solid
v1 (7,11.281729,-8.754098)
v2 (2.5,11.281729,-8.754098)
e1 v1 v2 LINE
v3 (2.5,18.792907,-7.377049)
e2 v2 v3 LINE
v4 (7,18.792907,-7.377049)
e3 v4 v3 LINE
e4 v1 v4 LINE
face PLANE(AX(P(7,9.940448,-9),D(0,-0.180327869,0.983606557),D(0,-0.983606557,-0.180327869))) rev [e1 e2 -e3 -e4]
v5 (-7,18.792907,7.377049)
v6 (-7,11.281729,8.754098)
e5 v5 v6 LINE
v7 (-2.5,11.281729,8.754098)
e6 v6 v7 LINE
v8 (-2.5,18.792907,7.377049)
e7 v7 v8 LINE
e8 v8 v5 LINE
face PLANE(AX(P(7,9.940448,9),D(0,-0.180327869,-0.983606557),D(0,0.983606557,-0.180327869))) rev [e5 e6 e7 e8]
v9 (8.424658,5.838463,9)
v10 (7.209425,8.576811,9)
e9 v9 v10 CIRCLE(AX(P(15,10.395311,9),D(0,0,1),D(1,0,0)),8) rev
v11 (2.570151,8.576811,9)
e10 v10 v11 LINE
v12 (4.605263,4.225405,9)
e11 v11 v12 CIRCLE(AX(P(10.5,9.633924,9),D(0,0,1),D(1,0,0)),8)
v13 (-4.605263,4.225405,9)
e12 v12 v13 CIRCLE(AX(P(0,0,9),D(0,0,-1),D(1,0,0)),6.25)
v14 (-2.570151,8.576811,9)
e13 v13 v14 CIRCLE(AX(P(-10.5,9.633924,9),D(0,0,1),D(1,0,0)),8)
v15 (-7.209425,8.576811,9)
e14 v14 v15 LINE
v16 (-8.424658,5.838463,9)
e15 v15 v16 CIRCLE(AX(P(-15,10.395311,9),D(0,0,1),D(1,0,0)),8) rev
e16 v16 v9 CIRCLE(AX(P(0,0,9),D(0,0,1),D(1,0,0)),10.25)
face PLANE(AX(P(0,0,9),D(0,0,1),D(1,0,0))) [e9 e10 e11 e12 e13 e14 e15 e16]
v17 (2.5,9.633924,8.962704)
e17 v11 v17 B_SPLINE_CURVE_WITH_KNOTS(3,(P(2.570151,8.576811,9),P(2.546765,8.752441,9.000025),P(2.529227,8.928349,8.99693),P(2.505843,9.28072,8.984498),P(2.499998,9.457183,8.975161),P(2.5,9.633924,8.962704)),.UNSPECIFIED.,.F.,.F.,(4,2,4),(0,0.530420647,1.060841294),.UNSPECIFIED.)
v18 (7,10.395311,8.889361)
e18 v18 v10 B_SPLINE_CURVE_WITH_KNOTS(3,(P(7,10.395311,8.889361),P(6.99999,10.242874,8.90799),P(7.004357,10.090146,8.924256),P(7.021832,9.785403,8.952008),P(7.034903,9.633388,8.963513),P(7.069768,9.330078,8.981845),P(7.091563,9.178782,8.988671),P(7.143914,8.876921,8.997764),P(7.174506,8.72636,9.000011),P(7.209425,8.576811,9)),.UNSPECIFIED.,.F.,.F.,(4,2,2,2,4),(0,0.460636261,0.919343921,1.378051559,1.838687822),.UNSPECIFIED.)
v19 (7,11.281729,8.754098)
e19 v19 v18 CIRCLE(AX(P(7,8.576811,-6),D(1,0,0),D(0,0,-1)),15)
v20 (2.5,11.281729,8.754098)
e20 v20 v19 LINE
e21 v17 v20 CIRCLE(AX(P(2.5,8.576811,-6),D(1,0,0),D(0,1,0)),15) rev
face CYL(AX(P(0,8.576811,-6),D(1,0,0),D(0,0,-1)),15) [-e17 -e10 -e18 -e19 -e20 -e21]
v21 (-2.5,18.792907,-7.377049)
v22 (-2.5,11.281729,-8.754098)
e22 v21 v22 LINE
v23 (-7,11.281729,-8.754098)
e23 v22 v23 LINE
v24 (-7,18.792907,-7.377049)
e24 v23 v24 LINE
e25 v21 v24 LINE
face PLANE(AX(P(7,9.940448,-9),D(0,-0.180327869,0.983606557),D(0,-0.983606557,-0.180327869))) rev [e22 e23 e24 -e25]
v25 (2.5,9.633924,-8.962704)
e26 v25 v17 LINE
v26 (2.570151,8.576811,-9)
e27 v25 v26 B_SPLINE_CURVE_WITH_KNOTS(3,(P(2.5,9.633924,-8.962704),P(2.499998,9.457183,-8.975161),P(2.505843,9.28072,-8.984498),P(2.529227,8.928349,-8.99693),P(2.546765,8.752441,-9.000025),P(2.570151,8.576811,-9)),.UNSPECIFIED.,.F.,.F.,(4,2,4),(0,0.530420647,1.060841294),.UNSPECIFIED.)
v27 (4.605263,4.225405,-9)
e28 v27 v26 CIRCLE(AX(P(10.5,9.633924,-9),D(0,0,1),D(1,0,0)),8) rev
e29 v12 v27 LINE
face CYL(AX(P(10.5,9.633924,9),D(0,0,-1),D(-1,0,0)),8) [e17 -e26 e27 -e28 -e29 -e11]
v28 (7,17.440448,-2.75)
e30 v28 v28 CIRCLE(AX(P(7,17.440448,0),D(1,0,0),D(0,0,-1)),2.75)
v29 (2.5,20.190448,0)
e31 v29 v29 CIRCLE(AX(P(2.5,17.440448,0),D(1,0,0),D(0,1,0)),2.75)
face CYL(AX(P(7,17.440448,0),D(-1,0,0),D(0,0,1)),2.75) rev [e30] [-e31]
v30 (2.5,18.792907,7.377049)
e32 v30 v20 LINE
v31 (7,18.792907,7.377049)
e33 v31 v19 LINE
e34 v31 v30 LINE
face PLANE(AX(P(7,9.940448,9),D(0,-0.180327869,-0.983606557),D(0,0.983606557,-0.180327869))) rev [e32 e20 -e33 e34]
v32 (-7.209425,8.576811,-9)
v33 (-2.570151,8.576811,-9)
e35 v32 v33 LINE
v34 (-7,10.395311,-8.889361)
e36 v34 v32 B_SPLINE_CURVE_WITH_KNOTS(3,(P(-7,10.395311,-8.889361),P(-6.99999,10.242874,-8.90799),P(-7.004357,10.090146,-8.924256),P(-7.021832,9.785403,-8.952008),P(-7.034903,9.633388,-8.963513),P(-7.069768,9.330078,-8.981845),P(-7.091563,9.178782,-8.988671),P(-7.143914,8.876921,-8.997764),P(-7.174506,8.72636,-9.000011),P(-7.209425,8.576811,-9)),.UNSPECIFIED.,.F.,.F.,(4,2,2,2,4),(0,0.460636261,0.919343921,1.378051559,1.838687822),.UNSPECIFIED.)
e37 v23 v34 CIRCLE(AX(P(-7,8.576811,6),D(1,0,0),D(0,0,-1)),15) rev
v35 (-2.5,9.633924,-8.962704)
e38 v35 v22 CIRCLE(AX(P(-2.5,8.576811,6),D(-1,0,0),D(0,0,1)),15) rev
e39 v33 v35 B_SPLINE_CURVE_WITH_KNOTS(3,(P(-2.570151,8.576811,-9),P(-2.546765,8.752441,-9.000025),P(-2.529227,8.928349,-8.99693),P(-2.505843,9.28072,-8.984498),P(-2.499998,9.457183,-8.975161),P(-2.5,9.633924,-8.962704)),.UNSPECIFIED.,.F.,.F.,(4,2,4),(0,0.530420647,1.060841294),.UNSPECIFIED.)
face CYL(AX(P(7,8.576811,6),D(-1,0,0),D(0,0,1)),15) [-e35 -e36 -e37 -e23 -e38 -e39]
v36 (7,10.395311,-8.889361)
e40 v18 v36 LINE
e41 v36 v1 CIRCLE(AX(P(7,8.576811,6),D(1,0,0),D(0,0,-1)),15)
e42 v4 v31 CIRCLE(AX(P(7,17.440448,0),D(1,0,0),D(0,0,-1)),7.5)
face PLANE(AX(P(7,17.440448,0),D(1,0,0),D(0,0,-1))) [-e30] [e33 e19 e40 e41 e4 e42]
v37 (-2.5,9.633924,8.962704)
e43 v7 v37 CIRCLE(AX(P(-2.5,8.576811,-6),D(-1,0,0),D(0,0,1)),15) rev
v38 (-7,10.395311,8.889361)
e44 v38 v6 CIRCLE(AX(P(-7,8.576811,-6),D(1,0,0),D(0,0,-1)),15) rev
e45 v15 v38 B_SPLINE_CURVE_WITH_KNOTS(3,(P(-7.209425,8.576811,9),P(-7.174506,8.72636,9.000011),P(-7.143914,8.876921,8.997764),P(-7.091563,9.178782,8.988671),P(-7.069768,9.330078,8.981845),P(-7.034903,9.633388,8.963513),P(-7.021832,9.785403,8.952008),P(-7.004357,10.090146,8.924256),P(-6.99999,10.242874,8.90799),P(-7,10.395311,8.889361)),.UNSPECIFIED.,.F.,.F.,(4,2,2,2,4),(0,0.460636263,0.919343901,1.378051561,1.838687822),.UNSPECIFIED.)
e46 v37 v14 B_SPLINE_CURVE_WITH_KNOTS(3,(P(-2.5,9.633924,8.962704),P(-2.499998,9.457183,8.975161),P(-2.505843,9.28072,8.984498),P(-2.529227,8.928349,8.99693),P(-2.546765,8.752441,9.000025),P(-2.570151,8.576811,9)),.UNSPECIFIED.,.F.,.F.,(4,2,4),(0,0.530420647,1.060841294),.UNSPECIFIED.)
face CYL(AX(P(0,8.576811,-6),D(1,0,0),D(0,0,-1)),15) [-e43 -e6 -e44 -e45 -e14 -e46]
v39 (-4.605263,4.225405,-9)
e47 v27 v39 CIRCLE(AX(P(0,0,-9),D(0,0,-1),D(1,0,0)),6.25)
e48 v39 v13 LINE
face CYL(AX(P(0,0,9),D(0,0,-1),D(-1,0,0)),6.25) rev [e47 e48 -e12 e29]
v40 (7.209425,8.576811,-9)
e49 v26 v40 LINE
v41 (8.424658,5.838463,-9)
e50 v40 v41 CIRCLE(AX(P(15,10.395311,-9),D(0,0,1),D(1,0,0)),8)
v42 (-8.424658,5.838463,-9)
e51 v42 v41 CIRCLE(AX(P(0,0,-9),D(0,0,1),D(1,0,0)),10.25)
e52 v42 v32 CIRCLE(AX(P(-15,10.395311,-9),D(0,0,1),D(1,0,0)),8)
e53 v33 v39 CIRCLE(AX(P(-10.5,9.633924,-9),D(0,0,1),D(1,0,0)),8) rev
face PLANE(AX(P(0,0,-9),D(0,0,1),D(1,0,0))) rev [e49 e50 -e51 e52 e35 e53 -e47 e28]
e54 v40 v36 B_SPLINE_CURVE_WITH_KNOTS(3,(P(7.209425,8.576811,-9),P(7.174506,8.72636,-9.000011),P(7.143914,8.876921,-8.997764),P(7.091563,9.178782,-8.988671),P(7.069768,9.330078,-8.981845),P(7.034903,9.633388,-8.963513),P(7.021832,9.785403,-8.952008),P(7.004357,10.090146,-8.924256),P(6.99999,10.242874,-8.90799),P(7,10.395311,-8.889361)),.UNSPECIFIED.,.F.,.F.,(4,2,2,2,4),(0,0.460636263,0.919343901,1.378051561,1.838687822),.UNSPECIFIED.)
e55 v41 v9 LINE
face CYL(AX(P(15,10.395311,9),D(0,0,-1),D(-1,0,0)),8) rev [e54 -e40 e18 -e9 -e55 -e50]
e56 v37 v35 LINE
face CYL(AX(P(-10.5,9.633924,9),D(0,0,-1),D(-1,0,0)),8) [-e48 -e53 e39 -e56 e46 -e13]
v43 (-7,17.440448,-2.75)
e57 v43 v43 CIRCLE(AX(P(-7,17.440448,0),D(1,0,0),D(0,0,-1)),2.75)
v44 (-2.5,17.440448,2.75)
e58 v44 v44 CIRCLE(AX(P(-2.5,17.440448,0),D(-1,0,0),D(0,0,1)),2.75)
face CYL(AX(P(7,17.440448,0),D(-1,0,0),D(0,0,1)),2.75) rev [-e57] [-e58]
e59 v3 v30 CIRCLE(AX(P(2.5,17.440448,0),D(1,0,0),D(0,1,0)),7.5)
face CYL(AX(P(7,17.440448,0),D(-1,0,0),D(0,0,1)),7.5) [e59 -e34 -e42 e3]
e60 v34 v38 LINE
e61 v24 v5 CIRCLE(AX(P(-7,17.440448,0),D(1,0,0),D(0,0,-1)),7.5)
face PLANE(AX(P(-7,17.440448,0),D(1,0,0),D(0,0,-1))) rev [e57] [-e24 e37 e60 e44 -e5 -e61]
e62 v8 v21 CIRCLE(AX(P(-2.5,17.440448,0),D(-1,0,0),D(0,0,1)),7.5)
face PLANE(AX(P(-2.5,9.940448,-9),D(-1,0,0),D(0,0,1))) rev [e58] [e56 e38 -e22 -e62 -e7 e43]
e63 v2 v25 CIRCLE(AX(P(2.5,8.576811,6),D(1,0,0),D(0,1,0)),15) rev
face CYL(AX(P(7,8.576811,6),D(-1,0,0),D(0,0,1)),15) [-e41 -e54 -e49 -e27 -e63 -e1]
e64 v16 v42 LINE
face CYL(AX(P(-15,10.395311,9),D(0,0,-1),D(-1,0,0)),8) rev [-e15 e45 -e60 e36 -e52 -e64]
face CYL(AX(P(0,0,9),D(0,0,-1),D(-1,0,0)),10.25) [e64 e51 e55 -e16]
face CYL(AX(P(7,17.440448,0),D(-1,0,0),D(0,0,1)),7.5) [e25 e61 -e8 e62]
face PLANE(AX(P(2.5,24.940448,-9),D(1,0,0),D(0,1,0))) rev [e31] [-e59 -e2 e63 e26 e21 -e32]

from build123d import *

# Parameters (mm, degrees)
BOSS_EXTRUDE1_DEPTH     = 9
SKETCH2_R               = 2.75
BOSS_EXTRUDE2_DEPTH     = 7
CUT_EXTRUDE1_DEPTH      = 33.420493986
CUT_EXTRUDE1_DEPTH_BACK = 33.420493986
FILLET1_R               = 8
FILLET2_R               = 15


with BuildPart() as part:
    # Sketch1 → Boss-Extrude1 (new, symmetric)
    with BuildSketch(Plane.XY):
        with BuildLine():
            Line((-2.5, 9.940447676), (-2.5, 5.728219619))
            ThreePointArc((-2.5, 5.728219619), (0, -6.25), (2.5, 5.728219619))
            Line((2.5, 5.728219619), (2.5, 9.940447676))
            ThreePointArc((2.5, 9.940447676), (0, -10.25), (-2.5, 9.940447676))
        make_face()
    extrude(amount=BOSS_EXTRUDE1_DEPTH, both=True)

    # Sketch2 → Boss-Extrude2 (add, symmetric)
    with BuildSketch(Plane(origin=(0, 0, 0), x_dir=(0, 0, -1), z_dir=(1, 0, 0))):
        with BuildLine():
            Line((-9, 9.940447676), (-7.37704918, 18.792906692))
            ThreePointArc((-7.37704918, 18.792906692), (0, 24.940447676), (7.37704918, 18.792906692))
            Line((7.37704918, 18.792906692), (9, 9.940447676))
            Line((9, 9.940447676), (9, -0.154776162))
            Line((9, -0.154776162), (-9, -0.154776162))
            Line((-9, -0.154776162), (-9, 9.940447676))
        make_face()
        with Locations((0, 17.440447676)):
            Circle(SKETCH2_R, mode=Mode.SUBTRACT)
    extrude(amount=BOSS_EXTRUDE2_DEPTH, both=True)

    # Sketch3 → Cut-Extrude1 (cut, two sides: drawn at the far end of the back side and taken through both)
    with BuildSketch(Plane.XY.offset(9).offset(-CUT_EXTRUDE1_DEPTH_BACK)):
        with BuildLine():
            Line((-2.5, 9.940447676), (-2.5, 24.940447676))
            Line((-2.5, 24.940447676), (2.5, 24.940447676))
            Line((2.5, 24.940447676), (2.5, 9.940447676))
            Line((2.5, 9.940447676), (2.5, 5.728219619))
            ThreePointArc((2.5, 5.728219619), (0, -6.25), (-2.5, 5.728219619))
            Line((-2.5, 5.728219619), (-2.5, 9.940447676))
        make_face()
    extrude(amount=CUT_EXTRUDE1_DEPTH + CUT_EXTRUDE1_DEPTH_BACK, mode=Mode.SUBTRACT)

    # Fillet1
    fillet1_edges = [part.edges().sort_by_distance(p)[0] for p in [
        (-7, 7.487489566, 0),
        (7, 7.487489566, 0),
        (-2.5, 5.728219619, 0),
        (2.5, 5.728219619, 0),
    ]]
    fillet(fillet1_edges, radius=FILLET1_R)

    # Fillet2
    fillet2_edges = [part.edges().sort_by_distance(p)[0] for p in [
        (-4.756470892, 9.940447676, 9),
        (4.756470892, 9.940447676, 9),
        (4.756470892, 9.940447676, -9),
        (-4.756470892, 9.940447676, -9),
    ]]
    fillet(fillet2_edges, radius=FILLET2_R)


solid = part.part
